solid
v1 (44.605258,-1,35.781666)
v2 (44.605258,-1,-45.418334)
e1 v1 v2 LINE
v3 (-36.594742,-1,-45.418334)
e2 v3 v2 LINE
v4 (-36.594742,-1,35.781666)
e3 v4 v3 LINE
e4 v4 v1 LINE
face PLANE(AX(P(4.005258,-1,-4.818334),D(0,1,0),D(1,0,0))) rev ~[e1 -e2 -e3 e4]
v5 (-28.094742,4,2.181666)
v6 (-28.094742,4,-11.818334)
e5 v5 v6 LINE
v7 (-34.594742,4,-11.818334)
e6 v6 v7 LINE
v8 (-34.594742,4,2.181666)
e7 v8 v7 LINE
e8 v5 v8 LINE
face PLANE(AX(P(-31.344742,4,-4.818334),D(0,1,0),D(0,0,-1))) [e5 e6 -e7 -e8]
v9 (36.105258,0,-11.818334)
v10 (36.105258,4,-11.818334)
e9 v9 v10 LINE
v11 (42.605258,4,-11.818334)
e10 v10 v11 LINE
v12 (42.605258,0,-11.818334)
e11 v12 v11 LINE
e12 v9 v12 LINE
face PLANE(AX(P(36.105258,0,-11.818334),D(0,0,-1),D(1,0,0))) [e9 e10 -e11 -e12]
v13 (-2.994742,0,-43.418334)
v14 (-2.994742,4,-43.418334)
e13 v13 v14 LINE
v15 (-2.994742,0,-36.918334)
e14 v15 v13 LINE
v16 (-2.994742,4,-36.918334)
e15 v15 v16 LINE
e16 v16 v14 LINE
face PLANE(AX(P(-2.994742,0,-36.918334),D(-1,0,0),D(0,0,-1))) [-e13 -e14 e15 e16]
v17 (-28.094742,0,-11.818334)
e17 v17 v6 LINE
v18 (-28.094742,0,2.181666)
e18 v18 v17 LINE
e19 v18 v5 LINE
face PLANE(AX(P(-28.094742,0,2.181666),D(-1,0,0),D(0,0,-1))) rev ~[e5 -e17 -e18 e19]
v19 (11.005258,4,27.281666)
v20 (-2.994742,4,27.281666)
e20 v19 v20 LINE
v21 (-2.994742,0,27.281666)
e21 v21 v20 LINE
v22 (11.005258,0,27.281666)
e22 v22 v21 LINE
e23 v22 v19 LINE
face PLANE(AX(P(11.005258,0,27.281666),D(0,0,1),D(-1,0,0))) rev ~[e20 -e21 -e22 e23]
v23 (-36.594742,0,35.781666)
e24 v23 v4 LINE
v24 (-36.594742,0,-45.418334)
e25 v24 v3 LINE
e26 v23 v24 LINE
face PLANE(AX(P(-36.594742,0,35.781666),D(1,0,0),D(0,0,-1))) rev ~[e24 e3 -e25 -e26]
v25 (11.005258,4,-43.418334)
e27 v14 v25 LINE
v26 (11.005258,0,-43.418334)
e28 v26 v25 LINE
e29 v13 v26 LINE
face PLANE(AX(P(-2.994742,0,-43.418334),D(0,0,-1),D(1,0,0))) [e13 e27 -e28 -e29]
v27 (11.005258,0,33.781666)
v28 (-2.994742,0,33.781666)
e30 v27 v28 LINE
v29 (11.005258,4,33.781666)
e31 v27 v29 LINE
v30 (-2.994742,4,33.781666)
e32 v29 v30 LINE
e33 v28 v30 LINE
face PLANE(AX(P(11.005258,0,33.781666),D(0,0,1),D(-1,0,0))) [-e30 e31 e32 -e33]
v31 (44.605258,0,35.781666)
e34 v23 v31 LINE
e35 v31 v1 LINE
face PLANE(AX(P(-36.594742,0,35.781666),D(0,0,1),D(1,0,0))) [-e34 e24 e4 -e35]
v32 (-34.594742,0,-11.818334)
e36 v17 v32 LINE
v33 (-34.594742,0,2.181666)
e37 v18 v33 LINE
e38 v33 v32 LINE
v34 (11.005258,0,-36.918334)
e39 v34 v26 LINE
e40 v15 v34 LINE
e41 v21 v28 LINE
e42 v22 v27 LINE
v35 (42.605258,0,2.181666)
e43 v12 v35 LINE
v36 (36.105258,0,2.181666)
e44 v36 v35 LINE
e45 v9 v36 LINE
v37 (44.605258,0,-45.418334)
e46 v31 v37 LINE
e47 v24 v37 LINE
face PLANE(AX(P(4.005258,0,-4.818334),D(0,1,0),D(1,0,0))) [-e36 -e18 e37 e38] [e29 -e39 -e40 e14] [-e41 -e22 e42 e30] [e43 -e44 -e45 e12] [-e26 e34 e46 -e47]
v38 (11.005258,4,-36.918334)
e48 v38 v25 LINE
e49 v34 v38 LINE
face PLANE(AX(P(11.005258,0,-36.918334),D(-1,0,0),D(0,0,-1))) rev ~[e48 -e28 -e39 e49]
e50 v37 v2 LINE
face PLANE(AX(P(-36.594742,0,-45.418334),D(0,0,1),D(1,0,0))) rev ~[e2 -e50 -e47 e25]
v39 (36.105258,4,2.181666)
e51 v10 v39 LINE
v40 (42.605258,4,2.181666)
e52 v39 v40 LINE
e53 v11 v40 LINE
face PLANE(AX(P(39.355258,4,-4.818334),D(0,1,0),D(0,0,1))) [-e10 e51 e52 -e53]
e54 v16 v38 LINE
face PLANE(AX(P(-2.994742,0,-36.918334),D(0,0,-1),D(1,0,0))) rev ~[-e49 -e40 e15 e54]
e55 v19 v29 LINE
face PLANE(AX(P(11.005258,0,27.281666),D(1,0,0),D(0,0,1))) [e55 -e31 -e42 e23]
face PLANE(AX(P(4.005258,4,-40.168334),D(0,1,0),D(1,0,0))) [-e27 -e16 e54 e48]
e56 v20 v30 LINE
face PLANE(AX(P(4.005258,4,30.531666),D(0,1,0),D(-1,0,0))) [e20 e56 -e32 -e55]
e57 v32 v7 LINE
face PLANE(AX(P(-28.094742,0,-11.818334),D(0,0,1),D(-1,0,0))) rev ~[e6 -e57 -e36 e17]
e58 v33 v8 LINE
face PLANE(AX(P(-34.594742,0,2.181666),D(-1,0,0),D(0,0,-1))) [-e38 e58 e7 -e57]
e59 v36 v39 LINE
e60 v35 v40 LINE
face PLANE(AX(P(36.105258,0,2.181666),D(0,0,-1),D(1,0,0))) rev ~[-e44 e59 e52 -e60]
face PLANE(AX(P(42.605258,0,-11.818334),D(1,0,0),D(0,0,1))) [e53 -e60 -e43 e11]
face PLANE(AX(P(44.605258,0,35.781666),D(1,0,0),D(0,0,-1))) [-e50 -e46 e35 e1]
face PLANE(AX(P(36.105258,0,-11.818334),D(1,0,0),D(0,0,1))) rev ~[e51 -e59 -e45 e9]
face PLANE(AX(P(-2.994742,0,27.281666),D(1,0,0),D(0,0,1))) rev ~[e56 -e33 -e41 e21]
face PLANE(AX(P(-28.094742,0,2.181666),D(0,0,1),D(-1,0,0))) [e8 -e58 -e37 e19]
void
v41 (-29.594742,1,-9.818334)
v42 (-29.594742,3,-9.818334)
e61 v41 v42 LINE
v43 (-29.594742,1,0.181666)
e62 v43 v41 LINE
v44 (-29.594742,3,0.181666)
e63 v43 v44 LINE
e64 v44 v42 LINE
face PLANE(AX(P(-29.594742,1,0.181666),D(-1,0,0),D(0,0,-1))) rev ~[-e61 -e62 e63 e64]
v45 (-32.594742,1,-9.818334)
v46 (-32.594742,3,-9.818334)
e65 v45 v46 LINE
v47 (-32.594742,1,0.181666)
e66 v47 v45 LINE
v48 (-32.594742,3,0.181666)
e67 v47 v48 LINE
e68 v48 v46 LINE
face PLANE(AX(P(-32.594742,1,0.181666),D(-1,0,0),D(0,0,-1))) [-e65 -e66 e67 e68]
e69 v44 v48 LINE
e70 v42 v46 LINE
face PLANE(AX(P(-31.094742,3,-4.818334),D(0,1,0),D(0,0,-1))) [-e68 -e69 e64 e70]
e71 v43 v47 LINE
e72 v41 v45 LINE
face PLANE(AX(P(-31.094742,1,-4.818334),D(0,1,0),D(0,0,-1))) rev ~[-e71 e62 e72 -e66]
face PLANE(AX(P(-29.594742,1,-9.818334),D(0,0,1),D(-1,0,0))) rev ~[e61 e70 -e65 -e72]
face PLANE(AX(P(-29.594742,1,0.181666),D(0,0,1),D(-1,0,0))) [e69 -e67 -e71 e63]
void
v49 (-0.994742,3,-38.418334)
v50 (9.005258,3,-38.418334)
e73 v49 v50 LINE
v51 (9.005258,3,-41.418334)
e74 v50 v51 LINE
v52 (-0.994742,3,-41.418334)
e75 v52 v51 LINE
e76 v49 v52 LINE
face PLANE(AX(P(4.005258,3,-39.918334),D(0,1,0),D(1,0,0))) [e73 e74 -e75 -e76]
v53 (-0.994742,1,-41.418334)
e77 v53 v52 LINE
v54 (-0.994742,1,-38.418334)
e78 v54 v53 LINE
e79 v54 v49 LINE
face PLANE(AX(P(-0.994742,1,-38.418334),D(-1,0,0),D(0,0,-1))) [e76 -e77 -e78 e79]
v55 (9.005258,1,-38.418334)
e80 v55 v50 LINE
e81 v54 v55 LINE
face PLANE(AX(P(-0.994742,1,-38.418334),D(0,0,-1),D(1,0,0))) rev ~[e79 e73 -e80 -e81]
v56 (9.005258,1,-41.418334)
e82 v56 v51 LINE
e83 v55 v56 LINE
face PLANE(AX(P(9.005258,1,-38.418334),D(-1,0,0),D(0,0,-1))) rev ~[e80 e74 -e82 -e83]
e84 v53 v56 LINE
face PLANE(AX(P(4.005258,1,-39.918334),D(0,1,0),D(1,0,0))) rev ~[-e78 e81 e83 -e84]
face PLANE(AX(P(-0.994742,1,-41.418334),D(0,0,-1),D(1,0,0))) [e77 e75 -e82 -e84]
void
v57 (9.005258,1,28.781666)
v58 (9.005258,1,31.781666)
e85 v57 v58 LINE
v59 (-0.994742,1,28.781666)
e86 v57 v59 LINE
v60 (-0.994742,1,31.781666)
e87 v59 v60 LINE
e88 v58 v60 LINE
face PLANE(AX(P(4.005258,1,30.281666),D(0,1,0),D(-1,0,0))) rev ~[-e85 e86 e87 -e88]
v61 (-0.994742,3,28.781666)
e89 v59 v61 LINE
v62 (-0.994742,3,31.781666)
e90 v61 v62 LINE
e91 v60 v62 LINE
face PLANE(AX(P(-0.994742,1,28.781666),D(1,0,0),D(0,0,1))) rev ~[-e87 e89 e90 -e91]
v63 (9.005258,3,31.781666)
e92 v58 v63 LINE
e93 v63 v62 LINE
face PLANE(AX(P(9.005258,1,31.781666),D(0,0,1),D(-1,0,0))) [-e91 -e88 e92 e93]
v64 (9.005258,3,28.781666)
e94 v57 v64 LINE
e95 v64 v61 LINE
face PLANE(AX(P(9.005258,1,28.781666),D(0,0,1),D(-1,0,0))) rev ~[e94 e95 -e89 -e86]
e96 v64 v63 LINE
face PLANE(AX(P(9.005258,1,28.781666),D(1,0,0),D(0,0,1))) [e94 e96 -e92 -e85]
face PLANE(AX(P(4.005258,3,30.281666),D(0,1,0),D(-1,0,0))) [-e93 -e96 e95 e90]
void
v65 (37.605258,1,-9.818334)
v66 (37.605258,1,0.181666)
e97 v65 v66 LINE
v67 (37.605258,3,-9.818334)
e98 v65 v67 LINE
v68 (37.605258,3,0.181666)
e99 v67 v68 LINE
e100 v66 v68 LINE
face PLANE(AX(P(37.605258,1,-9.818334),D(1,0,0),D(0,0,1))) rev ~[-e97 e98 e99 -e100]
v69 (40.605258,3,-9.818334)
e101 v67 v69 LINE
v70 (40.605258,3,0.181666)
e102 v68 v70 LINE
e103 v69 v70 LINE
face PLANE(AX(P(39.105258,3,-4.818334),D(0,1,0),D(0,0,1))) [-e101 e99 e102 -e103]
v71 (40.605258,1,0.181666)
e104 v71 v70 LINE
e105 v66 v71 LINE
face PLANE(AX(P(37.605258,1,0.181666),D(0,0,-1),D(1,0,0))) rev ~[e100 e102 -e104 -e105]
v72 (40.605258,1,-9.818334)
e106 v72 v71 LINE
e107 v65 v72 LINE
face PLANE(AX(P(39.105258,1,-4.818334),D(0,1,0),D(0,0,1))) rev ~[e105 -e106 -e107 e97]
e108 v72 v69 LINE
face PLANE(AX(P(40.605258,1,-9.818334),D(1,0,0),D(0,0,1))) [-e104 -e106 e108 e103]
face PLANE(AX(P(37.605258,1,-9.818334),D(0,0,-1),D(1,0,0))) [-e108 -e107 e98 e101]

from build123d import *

# Parameters (mm, degrees)
SKETCH1_W           = 81.2
SKETCH1_H           = 81.2
BOSS_EXTRUDE1_DEPTH = 1
SKETCH1_4_W         = 14
SKETCH1_4_H         = 6.5
BOSS_EXTRUDE3_DEPTH = 4
CUT_EXTRUDE1_START  = 1
SKETCH1_5_W         = 10
SKETCH1_5_H         = 3
CUT_EXTRUDE1_DEPTH  = 2
CIRPATTERN2_COUNT   = 4


with BuildPart() as part:
    # Sketch1 → Boss-Extrude1 (new body)
    with BuildSketch(Plane(origin=(0, 0, 0), x_dir=(1, 0, 0), z_dir=(0, 1, 0))):
        with Locations((4.005258085, 4.818334453)):
            Rectangle(SKETCH1_W, SKETCH1_H)
    extrude(amount=-BOSS_EXTRUDE1_DEPTH)

    # Sketch1<4> → Boss-Extrude3 (add)
    with BuildSketch(Plane(origin=(0, 0, 0), x_dir=(1, 0, 0), z_dir=(0, 1, 0))):
        with Locations((4.005258085, 40.168334453)):
            Rectangle(SKETCH1_4_W, SKETCH1_4_H)
    boss_extrude3 = extrude(amount=BOSS_EXTRUDE3_DEPTH)

    # Sketch1<5> → Cut-Extrude1 (cut)
    with BuildSketch(Plane(origin=(0, 0, 0), x_dir=(1, 0, 0), z_dir=(0, 1, 0)).offset(CUT_EXTRUDE1_START)):
        with Locations((4.005258085, 39.918334453)):
            Rectangle(SKETCH1_5_W, SKETCH1_5_H)
    cut_extrude1 = extrude(amount=CUT_EXTRUDE1_DEPTH, mode=Mode.SUBTRACT)

    # CirPattern2: Boss-Extrude3, Cut-Extrude1 ×4 about axis
    cirpattern2_axis = Axis((4.005258085, 0, -4.818334453), (0, 1, 0))
    add([boss_extrude3.rotate(cirpattern2_axis, i * 360 / CIRPATTERN2_COUNT) for i in range(1, CIRPATTERN2_COUNT)])
    add([cut_extrude1.rotate(cirpattern2_axis, i * 360 / CIRPATTERN2_COUNT) for i in range(1, CIRPATTERN2_COUNT)], mode=Mode.SUBTRACT)


solid = part.part
